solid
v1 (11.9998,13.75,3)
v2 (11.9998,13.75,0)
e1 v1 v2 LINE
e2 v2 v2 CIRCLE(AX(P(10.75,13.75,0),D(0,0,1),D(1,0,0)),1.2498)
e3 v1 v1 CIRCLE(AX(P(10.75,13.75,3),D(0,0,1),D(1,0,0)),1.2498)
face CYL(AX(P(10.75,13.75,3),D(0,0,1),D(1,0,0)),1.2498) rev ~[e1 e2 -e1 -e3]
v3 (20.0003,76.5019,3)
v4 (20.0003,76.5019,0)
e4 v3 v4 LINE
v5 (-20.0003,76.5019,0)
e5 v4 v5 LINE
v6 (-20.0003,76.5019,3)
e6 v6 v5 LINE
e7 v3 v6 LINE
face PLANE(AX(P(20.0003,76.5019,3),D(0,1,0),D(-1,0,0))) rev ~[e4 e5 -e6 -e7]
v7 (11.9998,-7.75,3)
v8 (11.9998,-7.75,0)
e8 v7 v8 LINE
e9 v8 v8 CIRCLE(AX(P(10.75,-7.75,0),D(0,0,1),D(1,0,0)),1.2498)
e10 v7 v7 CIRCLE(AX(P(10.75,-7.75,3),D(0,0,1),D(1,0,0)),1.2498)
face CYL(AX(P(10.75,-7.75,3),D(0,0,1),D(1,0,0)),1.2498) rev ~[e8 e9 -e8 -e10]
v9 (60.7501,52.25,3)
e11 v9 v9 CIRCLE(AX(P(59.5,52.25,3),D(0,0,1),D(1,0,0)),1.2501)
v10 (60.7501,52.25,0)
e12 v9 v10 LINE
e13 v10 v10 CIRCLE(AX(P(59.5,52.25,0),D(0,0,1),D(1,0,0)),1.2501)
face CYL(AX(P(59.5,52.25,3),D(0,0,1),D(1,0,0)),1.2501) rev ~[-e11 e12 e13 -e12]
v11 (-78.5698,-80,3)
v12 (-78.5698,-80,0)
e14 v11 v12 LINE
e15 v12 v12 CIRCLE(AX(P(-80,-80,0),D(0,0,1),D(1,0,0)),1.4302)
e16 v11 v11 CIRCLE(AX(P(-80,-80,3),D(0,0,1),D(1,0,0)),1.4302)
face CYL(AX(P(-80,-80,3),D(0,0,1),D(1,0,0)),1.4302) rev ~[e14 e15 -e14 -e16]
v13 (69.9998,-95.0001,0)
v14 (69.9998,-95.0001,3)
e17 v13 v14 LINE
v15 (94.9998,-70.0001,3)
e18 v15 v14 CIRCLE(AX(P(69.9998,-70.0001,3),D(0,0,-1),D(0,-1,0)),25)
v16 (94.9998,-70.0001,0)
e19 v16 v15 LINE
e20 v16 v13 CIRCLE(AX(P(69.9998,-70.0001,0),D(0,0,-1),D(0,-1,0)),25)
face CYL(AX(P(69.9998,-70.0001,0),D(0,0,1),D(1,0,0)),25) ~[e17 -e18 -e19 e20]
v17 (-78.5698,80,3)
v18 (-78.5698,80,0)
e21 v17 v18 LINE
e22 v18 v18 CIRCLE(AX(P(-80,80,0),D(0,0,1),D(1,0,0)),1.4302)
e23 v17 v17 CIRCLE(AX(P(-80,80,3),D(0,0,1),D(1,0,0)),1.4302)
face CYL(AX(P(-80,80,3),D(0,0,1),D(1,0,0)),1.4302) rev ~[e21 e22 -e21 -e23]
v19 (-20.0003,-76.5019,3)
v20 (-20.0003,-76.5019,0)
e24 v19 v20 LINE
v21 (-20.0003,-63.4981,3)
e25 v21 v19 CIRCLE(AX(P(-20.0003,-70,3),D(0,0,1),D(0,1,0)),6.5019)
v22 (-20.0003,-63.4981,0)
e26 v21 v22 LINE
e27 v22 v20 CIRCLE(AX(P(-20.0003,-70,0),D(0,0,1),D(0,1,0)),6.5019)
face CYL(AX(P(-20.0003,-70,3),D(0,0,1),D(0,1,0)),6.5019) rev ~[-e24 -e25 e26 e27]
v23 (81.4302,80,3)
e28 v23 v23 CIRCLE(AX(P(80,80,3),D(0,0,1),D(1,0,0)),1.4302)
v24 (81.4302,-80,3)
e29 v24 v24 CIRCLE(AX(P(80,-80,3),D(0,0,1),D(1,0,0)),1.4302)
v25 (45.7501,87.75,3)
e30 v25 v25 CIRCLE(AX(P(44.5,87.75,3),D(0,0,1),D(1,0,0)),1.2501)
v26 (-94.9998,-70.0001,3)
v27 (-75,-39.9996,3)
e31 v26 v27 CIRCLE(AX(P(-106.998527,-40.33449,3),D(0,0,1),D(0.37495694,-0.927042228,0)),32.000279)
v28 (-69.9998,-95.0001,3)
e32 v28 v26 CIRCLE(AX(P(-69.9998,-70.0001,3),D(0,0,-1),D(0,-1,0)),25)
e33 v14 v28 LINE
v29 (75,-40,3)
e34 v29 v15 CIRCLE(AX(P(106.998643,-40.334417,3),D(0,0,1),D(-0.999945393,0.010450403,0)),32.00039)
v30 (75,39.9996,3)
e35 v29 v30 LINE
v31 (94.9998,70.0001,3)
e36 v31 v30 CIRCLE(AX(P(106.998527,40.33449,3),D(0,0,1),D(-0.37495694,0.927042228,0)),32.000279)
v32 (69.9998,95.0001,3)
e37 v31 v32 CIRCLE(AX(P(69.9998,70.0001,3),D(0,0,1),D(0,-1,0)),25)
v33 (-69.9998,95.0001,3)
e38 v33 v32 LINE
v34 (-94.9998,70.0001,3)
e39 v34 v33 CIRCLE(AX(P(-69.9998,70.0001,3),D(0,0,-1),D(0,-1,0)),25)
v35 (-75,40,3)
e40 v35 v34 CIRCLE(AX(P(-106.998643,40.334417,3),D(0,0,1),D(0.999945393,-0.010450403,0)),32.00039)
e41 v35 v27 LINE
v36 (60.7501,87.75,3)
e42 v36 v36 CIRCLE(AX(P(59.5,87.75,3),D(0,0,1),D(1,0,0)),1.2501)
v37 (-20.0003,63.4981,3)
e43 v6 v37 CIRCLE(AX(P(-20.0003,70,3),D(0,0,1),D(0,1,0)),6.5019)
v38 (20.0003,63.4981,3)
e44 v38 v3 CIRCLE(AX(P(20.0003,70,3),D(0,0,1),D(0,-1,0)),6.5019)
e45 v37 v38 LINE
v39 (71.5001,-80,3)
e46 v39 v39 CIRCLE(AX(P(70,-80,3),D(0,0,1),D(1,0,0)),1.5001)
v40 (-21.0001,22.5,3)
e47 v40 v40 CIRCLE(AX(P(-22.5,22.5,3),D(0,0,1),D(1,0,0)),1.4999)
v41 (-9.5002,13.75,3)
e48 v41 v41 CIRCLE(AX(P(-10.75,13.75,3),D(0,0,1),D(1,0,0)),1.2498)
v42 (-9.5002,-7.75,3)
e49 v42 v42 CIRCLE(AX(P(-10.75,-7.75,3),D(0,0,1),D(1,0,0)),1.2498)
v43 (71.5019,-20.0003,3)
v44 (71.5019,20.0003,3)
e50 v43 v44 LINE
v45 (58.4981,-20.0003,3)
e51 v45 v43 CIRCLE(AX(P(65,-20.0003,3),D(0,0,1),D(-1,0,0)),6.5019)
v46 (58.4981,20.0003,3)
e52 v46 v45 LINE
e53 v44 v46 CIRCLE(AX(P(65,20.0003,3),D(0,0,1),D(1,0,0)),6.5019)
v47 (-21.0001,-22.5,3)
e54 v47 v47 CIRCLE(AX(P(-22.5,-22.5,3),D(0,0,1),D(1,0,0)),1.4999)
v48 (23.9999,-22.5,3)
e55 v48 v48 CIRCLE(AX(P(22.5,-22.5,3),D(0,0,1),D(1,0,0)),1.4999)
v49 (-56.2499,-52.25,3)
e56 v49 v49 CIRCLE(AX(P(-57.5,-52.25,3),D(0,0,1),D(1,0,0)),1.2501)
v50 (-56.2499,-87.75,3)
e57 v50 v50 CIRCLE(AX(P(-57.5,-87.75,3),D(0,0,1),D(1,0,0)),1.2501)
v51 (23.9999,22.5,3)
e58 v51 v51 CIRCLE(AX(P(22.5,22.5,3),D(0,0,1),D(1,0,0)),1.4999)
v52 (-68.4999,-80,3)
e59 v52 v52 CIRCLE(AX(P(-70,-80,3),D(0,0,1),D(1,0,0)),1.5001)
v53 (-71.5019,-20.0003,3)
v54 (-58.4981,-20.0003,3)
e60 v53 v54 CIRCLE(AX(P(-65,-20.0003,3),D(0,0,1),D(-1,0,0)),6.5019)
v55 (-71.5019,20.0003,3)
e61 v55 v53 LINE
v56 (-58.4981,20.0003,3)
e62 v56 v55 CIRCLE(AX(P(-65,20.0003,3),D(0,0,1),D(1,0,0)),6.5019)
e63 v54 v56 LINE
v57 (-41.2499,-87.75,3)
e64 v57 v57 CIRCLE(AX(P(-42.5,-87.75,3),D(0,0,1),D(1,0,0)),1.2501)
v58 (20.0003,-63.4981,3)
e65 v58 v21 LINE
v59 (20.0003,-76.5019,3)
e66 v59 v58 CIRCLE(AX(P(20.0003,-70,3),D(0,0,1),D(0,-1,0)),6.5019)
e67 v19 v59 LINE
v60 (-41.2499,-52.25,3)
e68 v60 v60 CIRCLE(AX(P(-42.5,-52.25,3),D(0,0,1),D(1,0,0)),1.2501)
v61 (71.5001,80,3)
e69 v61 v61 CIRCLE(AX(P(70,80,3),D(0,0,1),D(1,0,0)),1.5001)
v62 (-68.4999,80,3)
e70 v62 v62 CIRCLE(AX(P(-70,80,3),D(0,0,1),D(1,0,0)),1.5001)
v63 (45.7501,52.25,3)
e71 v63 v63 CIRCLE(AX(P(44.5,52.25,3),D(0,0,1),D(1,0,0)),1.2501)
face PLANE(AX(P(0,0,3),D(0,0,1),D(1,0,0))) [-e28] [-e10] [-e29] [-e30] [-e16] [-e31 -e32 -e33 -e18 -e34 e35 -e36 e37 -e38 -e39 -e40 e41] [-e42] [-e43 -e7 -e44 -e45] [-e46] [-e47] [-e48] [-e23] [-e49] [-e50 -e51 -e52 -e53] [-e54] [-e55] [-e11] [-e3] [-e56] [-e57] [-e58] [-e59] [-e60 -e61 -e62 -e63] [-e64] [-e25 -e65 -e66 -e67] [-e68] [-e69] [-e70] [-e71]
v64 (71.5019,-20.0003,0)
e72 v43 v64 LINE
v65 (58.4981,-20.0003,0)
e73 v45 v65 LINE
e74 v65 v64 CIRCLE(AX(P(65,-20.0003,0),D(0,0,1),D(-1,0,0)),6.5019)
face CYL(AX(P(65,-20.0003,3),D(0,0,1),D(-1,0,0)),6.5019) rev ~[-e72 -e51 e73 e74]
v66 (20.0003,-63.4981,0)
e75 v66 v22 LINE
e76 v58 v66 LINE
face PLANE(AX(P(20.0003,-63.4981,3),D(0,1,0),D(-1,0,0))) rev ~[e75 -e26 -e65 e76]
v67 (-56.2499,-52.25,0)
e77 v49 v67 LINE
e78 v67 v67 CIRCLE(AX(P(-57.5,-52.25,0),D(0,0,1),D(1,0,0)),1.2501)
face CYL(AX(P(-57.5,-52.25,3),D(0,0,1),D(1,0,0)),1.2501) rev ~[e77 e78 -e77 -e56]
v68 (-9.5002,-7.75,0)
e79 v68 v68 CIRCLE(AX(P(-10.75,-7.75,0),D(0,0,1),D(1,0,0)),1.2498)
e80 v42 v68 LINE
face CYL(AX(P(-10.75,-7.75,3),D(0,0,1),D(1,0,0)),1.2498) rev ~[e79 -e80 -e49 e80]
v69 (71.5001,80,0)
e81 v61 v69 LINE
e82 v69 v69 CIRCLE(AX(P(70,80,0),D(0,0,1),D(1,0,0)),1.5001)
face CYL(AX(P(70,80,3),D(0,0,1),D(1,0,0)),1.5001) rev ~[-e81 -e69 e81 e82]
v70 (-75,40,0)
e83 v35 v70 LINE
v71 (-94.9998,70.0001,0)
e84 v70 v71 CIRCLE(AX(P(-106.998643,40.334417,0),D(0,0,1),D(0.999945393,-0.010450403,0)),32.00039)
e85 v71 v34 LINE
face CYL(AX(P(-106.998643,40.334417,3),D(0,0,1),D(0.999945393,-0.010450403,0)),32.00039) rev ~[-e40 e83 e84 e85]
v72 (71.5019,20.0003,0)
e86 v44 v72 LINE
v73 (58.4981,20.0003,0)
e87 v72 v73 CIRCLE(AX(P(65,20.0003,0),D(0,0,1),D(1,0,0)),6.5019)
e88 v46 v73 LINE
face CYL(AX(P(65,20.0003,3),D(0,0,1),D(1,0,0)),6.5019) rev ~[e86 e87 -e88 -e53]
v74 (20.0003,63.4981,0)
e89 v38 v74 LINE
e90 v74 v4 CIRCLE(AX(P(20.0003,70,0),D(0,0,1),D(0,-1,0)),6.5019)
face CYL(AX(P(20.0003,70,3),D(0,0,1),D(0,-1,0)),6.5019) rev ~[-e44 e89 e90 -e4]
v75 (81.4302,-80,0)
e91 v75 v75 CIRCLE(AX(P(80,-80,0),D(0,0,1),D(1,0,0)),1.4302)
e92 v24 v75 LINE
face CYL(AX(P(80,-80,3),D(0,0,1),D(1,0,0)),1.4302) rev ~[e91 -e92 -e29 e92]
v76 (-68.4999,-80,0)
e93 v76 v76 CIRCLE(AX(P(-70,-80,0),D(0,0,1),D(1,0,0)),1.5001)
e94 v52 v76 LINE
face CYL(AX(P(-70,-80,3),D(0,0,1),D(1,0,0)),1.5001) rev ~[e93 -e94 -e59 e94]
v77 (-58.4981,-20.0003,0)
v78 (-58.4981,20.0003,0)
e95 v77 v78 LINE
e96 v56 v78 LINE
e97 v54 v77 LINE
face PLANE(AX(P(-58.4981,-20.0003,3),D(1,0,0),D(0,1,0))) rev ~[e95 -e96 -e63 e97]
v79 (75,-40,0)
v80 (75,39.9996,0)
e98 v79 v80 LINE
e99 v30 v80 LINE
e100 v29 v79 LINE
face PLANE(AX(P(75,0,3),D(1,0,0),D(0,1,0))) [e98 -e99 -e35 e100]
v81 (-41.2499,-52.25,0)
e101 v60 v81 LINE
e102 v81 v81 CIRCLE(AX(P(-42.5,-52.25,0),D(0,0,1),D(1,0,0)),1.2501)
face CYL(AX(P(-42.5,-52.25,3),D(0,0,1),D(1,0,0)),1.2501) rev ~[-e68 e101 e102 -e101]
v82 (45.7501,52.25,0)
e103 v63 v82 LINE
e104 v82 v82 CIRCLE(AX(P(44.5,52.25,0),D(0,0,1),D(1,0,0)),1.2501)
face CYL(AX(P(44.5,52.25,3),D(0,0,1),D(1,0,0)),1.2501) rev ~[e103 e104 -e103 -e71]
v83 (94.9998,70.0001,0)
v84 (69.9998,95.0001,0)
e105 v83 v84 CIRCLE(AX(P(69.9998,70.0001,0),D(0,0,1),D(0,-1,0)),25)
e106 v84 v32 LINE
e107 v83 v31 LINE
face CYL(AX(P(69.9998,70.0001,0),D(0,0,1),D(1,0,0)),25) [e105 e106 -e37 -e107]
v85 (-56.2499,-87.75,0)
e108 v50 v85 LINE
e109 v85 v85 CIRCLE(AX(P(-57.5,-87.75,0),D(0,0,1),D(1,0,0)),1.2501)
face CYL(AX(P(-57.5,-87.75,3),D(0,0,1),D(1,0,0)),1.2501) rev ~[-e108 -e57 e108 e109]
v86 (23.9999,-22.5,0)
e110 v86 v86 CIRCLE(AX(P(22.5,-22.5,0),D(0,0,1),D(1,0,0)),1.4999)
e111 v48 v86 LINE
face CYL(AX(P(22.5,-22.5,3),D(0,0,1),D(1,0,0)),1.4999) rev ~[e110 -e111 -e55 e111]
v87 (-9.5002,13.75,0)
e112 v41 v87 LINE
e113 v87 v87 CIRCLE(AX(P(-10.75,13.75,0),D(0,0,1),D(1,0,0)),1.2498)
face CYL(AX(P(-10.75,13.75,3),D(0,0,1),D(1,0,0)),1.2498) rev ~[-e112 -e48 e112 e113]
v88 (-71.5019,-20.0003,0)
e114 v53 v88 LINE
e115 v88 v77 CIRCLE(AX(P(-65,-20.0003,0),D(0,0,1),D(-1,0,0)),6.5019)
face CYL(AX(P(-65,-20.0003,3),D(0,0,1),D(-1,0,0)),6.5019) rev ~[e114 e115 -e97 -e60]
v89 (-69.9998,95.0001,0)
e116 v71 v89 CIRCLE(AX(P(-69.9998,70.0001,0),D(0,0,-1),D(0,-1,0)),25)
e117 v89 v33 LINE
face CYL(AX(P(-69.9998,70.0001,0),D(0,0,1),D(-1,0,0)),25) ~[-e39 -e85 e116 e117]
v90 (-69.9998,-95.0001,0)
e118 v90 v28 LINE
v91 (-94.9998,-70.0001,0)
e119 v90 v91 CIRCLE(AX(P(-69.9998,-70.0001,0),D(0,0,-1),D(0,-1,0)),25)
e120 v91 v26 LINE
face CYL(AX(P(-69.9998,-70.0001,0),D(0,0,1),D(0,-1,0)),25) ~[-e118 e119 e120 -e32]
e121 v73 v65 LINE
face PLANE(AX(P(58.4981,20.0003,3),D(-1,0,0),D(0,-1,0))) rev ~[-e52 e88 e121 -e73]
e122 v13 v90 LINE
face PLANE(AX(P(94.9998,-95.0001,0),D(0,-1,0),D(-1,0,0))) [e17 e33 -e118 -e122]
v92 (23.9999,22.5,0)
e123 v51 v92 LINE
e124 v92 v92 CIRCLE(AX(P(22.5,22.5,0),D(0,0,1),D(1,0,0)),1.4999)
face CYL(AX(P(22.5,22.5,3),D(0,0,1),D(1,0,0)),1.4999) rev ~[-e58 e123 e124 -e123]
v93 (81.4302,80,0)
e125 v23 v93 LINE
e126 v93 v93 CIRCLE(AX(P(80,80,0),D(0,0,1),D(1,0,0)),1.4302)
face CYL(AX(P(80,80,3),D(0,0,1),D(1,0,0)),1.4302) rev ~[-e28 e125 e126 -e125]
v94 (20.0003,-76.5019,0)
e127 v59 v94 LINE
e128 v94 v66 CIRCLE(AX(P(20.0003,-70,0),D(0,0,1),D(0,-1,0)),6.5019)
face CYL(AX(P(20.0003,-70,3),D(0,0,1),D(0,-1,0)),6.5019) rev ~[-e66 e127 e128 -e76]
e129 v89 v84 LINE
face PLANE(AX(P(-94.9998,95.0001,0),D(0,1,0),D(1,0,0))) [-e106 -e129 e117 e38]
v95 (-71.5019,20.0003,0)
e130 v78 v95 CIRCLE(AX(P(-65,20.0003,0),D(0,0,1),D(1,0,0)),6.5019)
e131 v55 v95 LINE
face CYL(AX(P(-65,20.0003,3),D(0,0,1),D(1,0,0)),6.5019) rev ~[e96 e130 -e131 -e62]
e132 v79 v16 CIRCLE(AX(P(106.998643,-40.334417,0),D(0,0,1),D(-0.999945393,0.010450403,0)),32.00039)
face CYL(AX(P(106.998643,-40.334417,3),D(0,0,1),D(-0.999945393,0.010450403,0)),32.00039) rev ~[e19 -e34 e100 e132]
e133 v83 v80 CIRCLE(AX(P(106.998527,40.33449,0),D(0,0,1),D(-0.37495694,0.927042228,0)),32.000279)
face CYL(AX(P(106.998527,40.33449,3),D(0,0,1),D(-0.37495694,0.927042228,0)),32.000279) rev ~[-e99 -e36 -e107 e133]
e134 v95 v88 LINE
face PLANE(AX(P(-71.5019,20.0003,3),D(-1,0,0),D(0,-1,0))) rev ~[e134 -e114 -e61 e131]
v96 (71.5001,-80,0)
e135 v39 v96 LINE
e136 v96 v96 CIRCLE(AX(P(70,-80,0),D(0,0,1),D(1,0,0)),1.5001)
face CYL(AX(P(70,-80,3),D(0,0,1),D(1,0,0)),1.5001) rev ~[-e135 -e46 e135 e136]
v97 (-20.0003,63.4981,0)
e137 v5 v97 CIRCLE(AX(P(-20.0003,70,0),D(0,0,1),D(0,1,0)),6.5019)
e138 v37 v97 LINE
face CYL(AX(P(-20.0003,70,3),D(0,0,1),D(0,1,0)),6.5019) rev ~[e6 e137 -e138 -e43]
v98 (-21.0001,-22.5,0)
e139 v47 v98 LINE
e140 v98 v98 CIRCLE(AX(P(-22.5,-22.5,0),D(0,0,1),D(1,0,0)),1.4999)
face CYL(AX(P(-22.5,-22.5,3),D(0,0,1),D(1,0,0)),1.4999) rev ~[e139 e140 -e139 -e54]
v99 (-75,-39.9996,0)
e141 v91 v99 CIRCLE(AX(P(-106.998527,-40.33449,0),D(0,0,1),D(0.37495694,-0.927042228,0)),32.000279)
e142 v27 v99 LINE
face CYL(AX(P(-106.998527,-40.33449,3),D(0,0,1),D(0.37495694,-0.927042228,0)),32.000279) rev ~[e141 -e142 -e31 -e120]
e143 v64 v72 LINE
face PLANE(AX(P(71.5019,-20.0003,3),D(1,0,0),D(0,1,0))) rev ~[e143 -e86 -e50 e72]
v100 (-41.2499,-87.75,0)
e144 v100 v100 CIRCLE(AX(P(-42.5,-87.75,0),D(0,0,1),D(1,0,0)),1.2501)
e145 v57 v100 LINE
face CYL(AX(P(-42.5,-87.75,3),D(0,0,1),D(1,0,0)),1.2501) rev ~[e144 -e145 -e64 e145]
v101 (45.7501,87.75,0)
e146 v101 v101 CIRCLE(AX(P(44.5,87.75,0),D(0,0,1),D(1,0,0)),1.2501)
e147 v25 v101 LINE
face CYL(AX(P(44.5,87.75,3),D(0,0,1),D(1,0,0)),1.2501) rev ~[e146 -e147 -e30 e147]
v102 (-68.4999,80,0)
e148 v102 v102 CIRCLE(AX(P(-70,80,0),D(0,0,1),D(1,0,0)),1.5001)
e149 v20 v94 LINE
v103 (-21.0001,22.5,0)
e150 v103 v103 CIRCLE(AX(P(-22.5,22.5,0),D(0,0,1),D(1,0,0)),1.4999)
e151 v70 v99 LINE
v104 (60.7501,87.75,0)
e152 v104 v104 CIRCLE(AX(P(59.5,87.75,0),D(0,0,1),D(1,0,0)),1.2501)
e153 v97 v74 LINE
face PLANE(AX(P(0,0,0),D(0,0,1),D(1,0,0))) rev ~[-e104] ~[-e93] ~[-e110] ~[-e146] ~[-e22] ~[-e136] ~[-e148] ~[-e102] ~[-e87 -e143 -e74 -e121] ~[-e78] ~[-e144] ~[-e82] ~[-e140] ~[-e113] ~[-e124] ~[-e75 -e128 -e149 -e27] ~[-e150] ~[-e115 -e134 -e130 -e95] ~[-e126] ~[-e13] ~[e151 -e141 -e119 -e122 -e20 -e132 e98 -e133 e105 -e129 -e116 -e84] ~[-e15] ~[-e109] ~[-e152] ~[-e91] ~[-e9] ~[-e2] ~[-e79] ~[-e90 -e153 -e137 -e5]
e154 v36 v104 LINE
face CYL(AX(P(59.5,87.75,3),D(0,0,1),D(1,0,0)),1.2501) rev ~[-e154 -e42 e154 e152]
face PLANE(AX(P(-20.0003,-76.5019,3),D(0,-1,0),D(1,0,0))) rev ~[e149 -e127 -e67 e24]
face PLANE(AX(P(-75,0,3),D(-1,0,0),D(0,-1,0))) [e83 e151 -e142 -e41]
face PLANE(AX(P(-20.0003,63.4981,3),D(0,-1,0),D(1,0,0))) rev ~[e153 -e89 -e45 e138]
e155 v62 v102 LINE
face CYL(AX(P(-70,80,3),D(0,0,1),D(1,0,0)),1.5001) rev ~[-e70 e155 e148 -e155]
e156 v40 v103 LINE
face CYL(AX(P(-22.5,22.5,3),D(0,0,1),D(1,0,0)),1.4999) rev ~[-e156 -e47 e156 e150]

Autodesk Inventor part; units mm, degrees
ref_plane "YZ Plane" through (0, 0, 0) normal (1, 0, 0) x (0, 1, 0)
ref_plane "XZ Plane" through (0, 0, 0) normal (0, 1, 0) x (-1, 0, 0)
ref_plane "XY Plane" through (0, 0, 0) normal (0, 0, 1) x (1, 0, 0)
sketch "Sketch1" plane through (0, 0, 0) normal (0, 0, 1) x (1, 0, 0)
  point P0 (0, 0)
sketch "Sketch2" plane through (0, 0, 0) normal (0, 0, 1) x (1, 0, 0)
  line L0 (94.9998, -95.0001) -> (-94.9998, -95.0001)
  line L1 (-94.9998, -95.0001) -> (-94.9998, 95.0001)
  line L2 (-94.9998, 95.0001) -> (94.9998, 95.0001)
  line L3 (94.9998, 95.0001) -> (94.9998, -95.0001)
  line L4 (94.9998, -95.0001) -> (-94.9998, 95.0001) construction
  line L5 (-94.9998, -95.0001) -> (94.9998, 95.0001) construction
  point P0 (0, 0)
extrude "Extrusion1" add sketch "Sketch2" along normal blind 3
sketch "Sketch3" plane through (0, 0, 3) normal (0, 0, 1) x (1, 0, 0)
  circle A0 centre (70, 80) radius 1.5001
  circle A1 centre (70, -80) radius 1.5001
  circle A2 centre (-70, 80) radius 1.5001
  circle A3 centre (-70, -80) radius 1.5001
extrude "Extrusion2" cut sketch "Sketch3" against normal blind 3
fillet "Fillet1" radius 25 1 edges at (94.9998, 95.0001, 1.5)
fillet "Fillet2" radius 25 1 edges at (94.9998, -95.0001, 1.5)
fillet "Fillet3" radius 25 1 edges at (-94.9998, -95.0001, 1.5)
fillet "Fillet4" radius 25 1 edges at (-94.9998, 95.0001, 1.5)
sketch "Pi mount holes" plane through (0, 0, 3) normal (0, 0, 1) x (1, 0, 0)
  circle A0 centre (24, -30.5) radius 1.2502
  circle A1 centre (-34, -30.5) radius 1.2502
  circle A2 centre (-34, -79.5) radius 1.2502
  circle A3 centre (24, -79.5) radius 1.2502
sketch "B205 mount holes" plane through (0, 0, 3) normal (0, 0, 1) x (1, 0, 0)
  circle A0 centre (20.32, 30.48) radius 1.5002
  circle A1 centre (-45.72, 30.48) radius 1.5002
  circle A2 centre (-45.72, -12.7) radius 1.5002
  circle A3 centre (20.32, -12.7) radius 1.5002
sketch "RM3100 mount holes" plane through (0, 0, 3) normal (0, 0, 1) x (1, 0, 0)
  circle A0 centre (0, 9) radius 0.9999
  circle A1 centre (0, -9) radius 0.9999
sketch "Pololu mount holes" plane through (0, 0, 3) normal (0, 0, 1) x (1, 0, 0)
  circle A0 centre (59.5, 87.75) radius 1.2501
  circle A1 centre (44.5, 87.75) radius 1.2501
  circle A2 centre (44.5, 52.25) radius 1.2501
  circle A3 centre (59.5, 52.25) radius 1.2501
  circle A4 centre (-42.5, -52.25) radius 1.2501
  circle A5 centre (-57.5, -52.25) radius 1.2501
  circle A6 centre (-57.5, -87.75) radius 1.2501
  circle A7 centre (-42.5, -87.75) radius 1.2501
sketch "B205 cable cutout" plane through (0, 0, 3) normal (0, 0, 1) x (1, 0, 0)
  line L0 (-76.0426, -14.5593) -> (-76.0426, 37.4411) construction
  line L1 (-81.5424, -9.0595) -> (-81.5424, 31.9413)
  line L2 (-70.5428, 31.9413) -> (-70.5428, -9.0595)
  arc A0 (-81.5424, -9.0595) -> (-70.5428, -9.0595) centre (-76.0426, -9.0595) ccw
  arc A1 (-70.5428, 31.9413) -> (-81.5424, 31.9413) centre (-76.0426, 31.9413) ccw
  point P0 (0, 0)
  point P1 (-76.0426, 11.4409)
sketch "Pi cable cutout" plane through (0, 0, 3) normal (0, 0, 1) x (1, 0, 0)
  line L0 (65.7382, -60.7056) -> (65.7382, 5.2939) construction
  line L1 (60.7378, -55.7052) -> (60.7378, 0.2935)
  line L2 (70.7387, 0.2935) -> (70.7387, -55.7052)
  arc A0 (60.7378, -55.7052) -> (70.7387, -55.7052) centre (65.7382, -55.7052) ccw
  arc A1 (70.7387, 0.2935) -> (60.7378, 0.2935) centre (65.7382, 0.2935) ccw
  point P0 (0, 0)
  point P1 (65.7382, -27.7058)
sketch "Imperial standoffs" plane through (0, 0, 3) normal (0, 0, 1) x (1, 0, 0)
  circle A0 centre (80, 80) radius 1.4302
  circle A1 centre (-80, -80) radius 1.4302
  circle A2 centre (80, -80) radius 1.4302
  circle A3 centre (-80, 80) radius 1.4302
extrude "Bottom payload mount holes" cut sketch "Imperial standoffs" against normal blind 10
sketch "FC mount" plane through (0, 0, 3) normal (0, 0, 1) x (1, 0, 0)
  circle A0 centre (-22.5, 22.5) radius 1.4999
  circle A1 centre (-22.5, -22.5) radius 1.4999
  circle A2 centre (22.5, -22.5) radius 1.4999
  circle A3 centre (22.5, 22.5) radius 1.4999
  circle A4 centre (-10.75, 13.75) radius 1.2498
  circle A5 centre (-10.75, -7.75) radius 1.2498
  circle A6 centre (10.75, -7.75) radius 1.2498
  circle A7 centre (10.75, 13.75) radius 1.2498
  point P0 (0, 0)
sketch "FC cable cutouts" plane through (0, 0, 3) normal (0, 0, 1) x (1, 0, 0)
  line L0 (-65, -20.0003) -> (-65, 20.0003) construction
  line L1 (-58.4981, -20.0003) -> (-58.4981, 20.0003)
  line L2 (-71.5019, 20.0003) -> (-71.5019, -20.0003)
  arc A0 (-71.5019, -20.0003) -> (-58.4981, -20.0003) centre (-65, -20.0003) ccw
  arc A1 (-58.4981, 20.0003) -> (-71.5019, 20.0003) centre (-65, 20.0003) ccw
  line L3 (65, -20.0003) -> (65, 20.0003) construction
  line L4 (71.5019, -20.0003) -> (71.5019, 20.0003)
  line L5 (58.4981, 20.0003) -> (58.4981, -20.0003)
  arc A2 (58.4981, -20.0003) -> (71.5019, -20.0003) centre (65, -20.0003) ccw
  arc A3 (71.5019, 20.0003) -> (58.4981, 20.0003) centre (65, 20.0003) ccw
  arc A4 (-20.0003, 76.5019) -> (-20.0003, 63.4981) centre (-20.0003, 70) ccw
  line L6 (-20.0003, 63.4981) -> (20.0003, 63.4981)
  line L7 (20.0003, 70) -> (-20.0003, 70) construction
  line L8 (20.0003, 76.5019) -> (-20.0003, 76.5019)
  arc A5 (20.0003, 63.4981) -> (20.0003, 76.5019) centre (20.0003, 70) ccw
  line L9 (20.0003, -63.4981) -> (-20.0003, -63.4981)
  line L10 (20.0003, -70) -> (-20.0003, -70) construction
  line L11 (-20.0003, -76.5019) -> (20.0003, -76.5019)
  arc A6 (20.0003, -76.5019) -> (20.0003, -63.4981) centre (20.0003, -70) ccw
  arc A7 (-20.0003, -63.4981) -> (-20.0003, -76.5019) centre (-20.0003, -70) ccw
  point P0 (0, 0)
sketch "Skid cutouts" plane through (0, 0, 3) normal (0, 0, 1) x (1, 0, 0)
  line L0 (75, 0) -> (75, 39.9996)
  line L1 (75, 39.9996) -> (75, 0)
  line L2 (75, 0) -> (75, -40)
  line L3 (94.9998, -70.0001) -> (94.9998, 70.0001) projected
  arc A0 (94.9998, 70.0001) -> (75, 39.9996) centre (106.9986, 40.3344) ccw
  arc A1 (69.9998, -95.0001) -> (94.9998, -70.0001) centre (69.9998, -70.0001) ccw projected
  arc A2 (75, -40) -> (94.9998, -70.0001) centre (106.9987, -40.3344) ccw
  line L4 (-75, 0) -> (-75, -39.9996)
  line L5 (-75, -39.9996) -> (-75, 0)
  line L6 (-75, 0) -> (-75, 40)
  arc A3 (-94.9998, -70.0001) -> (-75, -39.9996) centre (-106.9986, -40.3344) ccw
  arc A4 (-75, 40) -> (-94.9998, 70.0001) centre (-106.9987, 40.3344) ccw
  line L7 (-94.9998, 70.0001) -> (-94.9998, -70.0001) projected
  line L8 (-94.9998, -70.0001) -> (-94.9998, 70.0001)
  line L9 (-94.9998, 70.0001) -> (-94.9998, -70.0001)
  point P0 (0, 0)
extrude "Extrusion10" cut sketch "Skid cutouts" against normal blind 10
extrude "Extrusion11" cut sketch "FC cable cutouts" against normal blind 10
extrude "Extrusion12" cut sketch "Pololu mount holes" against normal blind 10
extrude "Extrusion13" cut sketch "FC mount" against normal blind 10
properties part number "payload_bay_square_FC" material "ABS Plastic"
